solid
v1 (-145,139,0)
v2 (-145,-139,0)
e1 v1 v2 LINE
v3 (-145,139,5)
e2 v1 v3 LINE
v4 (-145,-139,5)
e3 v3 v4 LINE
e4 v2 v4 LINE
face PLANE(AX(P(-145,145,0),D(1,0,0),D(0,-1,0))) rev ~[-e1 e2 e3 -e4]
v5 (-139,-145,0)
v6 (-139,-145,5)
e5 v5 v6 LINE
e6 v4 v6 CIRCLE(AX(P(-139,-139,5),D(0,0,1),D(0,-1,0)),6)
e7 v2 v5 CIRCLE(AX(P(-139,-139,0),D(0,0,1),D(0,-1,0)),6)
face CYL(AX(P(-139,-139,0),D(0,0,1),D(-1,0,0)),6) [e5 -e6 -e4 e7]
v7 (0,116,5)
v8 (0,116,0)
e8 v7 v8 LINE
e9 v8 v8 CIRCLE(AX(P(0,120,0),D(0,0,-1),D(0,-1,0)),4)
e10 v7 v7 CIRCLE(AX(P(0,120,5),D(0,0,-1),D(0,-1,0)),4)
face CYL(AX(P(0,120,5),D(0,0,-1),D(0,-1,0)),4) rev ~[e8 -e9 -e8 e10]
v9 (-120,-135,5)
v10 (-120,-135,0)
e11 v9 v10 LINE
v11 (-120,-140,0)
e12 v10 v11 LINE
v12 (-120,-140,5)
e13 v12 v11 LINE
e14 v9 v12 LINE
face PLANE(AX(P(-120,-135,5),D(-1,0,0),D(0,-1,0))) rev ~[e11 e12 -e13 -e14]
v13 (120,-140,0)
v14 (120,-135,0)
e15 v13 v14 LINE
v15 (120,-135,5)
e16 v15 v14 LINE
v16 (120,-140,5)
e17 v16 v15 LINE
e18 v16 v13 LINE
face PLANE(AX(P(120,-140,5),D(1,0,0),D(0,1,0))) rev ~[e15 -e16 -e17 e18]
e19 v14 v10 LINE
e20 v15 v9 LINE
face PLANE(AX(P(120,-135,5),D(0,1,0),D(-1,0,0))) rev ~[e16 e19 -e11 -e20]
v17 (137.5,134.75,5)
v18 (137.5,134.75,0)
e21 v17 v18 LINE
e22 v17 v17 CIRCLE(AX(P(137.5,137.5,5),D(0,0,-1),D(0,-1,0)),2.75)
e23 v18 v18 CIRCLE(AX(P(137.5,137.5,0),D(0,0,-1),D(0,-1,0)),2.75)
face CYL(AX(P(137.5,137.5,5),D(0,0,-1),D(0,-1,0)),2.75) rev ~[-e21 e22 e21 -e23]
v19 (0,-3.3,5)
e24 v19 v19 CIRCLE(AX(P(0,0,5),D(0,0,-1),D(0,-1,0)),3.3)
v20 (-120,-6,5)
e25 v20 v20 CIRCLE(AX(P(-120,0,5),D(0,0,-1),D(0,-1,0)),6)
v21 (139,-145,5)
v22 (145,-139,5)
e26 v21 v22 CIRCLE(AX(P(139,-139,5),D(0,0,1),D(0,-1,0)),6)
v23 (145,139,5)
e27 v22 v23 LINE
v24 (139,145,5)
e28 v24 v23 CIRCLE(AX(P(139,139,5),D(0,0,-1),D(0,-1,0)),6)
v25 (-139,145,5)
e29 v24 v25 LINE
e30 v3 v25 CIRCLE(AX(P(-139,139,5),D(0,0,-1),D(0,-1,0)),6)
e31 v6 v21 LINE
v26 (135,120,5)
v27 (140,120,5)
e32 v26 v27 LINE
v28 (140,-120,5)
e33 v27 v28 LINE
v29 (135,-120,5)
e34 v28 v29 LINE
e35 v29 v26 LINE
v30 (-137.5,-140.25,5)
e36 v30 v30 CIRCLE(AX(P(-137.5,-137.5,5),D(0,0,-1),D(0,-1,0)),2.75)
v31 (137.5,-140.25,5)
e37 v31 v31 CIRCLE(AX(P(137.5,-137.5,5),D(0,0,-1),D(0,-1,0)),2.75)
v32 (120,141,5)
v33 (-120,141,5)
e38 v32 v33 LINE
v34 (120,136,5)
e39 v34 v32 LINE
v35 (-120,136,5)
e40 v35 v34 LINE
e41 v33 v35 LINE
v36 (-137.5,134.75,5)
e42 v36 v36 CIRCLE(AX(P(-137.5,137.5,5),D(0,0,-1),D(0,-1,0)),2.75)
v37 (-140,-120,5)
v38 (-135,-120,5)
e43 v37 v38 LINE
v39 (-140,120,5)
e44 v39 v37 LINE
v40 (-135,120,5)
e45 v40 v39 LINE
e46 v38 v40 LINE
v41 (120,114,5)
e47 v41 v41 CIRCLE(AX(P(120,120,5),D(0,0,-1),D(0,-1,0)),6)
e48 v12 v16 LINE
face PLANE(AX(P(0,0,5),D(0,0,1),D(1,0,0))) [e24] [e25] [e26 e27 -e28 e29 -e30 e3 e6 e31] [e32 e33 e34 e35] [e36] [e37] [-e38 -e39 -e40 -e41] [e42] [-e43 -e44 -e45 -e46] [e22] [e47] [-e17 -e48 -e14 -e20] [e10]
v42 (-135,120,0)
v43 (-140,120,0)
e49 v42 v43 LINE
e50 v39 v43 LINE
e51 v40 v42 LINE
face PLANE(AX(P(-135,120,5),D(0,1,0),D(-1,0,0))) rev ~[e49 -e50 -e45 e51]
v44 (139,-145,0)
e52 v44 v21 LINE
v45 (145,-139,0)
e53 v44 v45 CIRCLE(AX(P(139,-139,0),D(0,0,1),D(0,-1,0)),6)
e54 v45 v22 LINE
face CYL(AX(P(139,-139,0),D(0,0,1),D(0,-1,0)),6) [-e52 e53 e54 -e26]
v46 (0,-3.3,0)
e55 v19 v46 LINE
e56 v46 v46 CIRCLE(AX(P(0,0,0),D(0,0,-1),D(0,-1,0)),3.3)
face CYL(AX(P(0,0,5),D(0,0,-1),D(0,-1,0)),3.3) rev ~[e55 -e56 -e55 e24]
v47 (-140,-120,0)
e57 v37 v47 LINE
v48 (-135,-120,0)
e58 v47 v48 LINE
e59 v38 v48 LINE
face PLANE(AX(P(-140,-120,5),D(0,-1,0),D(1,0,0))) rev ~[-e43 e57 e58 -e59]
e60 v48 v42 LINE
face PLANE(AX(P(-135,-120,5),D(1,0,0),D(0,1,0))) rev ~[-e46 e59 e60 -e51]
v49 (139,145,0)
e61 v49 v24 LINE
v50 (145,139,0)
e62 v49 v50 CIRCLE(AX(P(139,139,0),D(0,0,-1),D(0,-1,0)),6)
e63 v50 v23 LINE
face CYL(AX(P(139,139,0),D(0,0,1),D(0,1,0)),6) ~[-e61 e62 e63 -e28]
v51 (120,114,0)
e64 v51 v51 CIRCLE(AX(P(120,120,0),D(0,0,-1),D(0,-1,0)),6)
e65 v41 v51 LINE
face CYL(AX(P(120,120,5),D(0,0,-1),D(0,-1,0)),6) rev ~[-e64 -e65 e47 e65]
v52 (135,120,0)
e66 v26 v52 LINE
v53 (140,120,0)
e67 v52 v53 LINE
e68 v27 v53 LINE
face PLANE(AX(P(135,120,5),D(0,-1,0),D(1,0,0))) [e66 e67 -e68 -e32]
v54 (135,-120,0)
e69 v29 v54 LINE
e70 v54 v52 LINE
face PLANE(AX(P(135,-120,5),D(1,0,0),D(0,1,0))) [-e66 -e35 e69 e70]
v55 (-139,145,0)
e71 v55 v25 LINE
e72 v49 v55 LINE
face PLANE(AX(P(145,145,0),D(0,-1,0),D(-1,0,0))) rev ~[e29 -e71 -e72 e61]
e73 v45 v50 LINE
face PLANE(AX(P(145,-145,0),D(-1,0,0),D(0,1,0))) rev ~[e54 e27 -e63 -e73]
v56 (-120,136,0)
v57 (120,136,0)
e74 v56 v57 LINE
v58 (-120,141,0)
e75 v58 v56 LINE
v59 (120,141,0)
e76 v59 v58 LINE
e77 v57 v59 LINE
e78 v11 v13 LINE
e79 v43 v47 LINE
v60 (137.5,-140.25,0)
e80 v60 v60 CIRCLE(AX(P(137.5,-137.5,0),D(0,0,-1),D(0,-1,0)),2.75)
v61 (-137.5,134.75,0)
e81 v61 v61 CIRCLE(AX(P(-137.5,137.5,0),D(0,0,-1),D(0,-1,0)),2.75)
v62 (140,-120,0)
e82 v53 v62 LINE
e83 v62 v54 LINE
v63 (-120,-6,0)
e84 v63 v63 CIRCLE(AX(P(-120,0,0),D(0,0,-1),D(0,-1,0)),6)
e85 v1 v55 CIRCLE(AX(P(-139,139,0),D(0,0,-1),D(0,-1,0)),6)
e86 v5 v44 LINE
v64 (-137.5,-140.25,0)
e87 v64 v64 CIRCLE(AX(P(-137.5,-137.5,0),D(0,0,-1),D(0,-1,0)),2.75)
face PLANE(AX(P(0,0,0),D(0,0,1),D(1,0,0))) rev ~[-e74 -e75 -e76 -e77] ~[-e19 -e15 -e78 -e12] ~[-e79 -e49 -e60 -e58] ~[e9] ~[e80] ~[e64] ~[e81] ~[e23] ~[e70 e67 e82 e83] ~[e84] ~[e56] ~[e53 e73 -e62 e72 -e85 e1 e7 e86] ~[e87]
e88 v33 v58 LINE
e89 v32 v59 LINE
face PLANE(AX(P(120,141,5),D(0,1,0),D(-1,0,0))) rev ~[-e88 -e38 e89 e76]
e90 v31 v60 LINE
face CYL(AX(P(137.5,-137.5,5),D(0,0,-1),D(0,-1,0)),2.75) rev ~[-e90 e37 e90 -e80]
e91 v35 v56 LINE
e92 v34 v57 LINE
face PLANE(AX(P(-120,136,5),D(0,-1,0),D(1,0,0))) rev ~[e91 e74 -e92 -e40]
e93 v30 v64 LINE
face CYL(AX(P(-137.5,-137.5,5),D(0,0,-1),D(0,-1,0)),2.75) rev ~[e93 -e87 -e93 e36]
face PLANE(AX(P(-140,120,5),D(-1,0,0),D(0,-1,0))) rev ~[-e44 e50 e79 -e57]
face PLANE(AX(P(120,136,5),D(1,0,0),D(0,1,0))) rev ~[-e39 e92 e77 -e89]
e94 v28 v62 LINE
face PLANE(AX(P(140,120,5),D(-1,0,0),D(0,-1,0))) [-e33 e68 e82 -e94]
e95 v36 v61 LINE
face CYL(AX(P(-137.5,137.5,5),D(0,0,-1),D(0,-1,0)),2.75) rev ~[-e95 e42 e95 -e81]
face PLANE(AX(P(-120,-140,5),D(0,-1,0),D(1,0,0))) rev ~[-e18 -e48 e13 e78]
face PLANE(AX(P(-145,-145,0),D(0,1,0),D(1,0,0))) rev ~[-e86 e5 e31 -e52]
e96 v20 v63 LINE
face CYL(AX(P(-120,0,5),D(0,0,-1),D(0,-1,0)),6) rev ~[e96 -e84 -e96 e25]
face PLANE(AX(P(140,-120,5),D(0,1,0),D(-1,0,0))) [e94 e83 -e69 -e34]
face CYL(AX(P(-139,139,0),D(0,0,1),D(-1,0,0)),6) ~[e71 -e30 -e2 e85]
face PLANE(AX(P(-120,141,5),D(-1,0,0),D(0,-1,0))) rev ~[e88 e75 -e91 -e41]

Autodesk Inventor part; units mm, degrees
ref_plane "YZ Plane" through (0, 0, 0) normal (1, 0, 0) x (0, 1, 0)
ref_plane "XZ Plane" through (0, 0, 0) normal (0, 1, 0) x (-1, 0, 0)
ref_plane "XY Plane" through (0, 0, 0) normal (0, 0, 1) x (1, 0, 0)
sketch "Sketch1" plane through (0, 0, 0) normal (0, 0, 1) x (1, 0, 0)
  line L0 (-145, -145) -> (145, -145)
  line L1 (145, -145) -> (145, 145)
  line L2 (145, 145) -> (-145, 145)
  line L3 (-145, 145) -> (-145, -145)
  line L4 (-145, -145) -> (145, 145) construction
  line L5 (145, -145) -> (-145, 145) construction
  point P0 (0, 0)
  dimension "d0" = 290
  dimension "d1" = 290
extrude "Extrusion1" add sketch "Sketch1" along normal blind 5
sketch "Sketch2" plane through (0, 0, 5) normal (0, 0, 1) x (1, 0, 0)
  point P0 (0, 0)
  point P1 (0, 0)
hole "Hole1" at (0, 0, 5) direction (0, 0, -1) diameter 6.6 depth 8 tip angle 118 clearance for "Countersunk Flat Head Screw DIN EN ISO 2009" size "M6" standard "DIN"
sketch "Sketch3" plane through (0, 0, 5) normal (0, 0, 1) x (1, 0, 0)
  line L0 (-137.5, -137.5) -> (137.5, -137.5) construction
  line L1 (137.5, -137.5) -> (137.5, 137.5) construction
  line L2 (137.5, 137.5) -> (-137.5, 137.5) construction
  line L3 (-137.5, 137.5) -> (-137.5, -137.5) construction
  line L4 (-137.5, -137.5) -> (137.5, 137.5) construction
  line L5 (137.5, -137.5) -> (-137.5, 137.5) construction
  point P0 (0, 0)
  dimension "d11" = 275
  dimension "d12" = 275
hole "Hole2" at (-137.5, 137.5, 5) at (137.5, 137.5, 5) at (137.5, -137.5, 5) at (-137.5, -137.5, 5) direction (0, 0, -1) diameter 5.5 depth 8 tip angle 118 clearance for "Countersunk Flat Head Screw DIN EN ISO 2009" size "M5" standard "DIN"
fillet "Fillet1" radius 6 4 edges at (-145, -145, 2.5) (145, -145, 2.5) (145, 145, 2.5) (-145, 145, 2.5)
sketch "Sketch4" plane through (0, 0, 5) normal (0, 0, 1) x (1, 0, 0)
  line L0 (-120, -140) -> (120, -140)
  line L1 (120, -140) -> (120, -135)
  line L2 (120, -135) -> (-120, -135)
  line L3 (-120, -135) -> (-120, -140)
  line L4 (140, -120) -> (135, -120)
  line L5 (135, -120) -> (135, 120)
  line L6 (135, 120) -> (140, 120)
  line L7 (140, 120) -> (140, -120)
  line L8 (120, 141) -> (-120, 141)
  line L9 (-120, 141) -> (-120, 136)
  line L10 (-120, 136) -> (120, 136)
  line L11 (120, 136) -> (120, 141)
  line L12 (-135, 120) -> (-140, 120)
  line L13 (-140, 120) -> (-140, -120)
  line L14 (-140, -120) -> (-135, -120)
  line L15 (-135, -120) -> (-135, 120)
  line L16 (-139, -145) -> (139, -145) projected
  line L17 (145, -139) -> (145, 139) projected
  line L18 (139, 145) -> (-139, 145) projected
  line L19 (-145, 139) -> (-145, -139) projected
  point P0 (0, 0)
  point P1 (0, 136)
  point P2 (-135, 0)
  dimension "d21" = 5
  dimension "d22" = 5
  dimension "d23" = 240
  dimension "d24" = 240
  dimension "d25" = 5
  dimension "d26" = 5
  dimension "d27" = 5
  dimension "d28" = 5
  dimension "d29" = 4
  dimension "d30" = 5
extrude "Extrusion2" cut sketch "Sketch4" against normal through all
sketch "Sketch5" plane through (0, 0, 5) normal (0, 0, 1) x (1, 0, 0)
  point P0 (0, 0)
  point P1 (-120, 0)
  point P2 (120, 120)
  dimension "d34" = 120
  dimension "d51" = 120
  dimension "d52" = 120
hole "Hole3" at (-120, 0, 5) at (120, 120, 5) direction (0, 0, -1) diameter 12 depth 8 tip angle 118
sketch "Sketch6" plane through (0, 0, 5) normal (0, 0, 1) x (1, 0, 0)
  point P0 (0, 0)
  point P1 (0, 120)
  dimension "d50" = 120
hole "Hole4" at (0, 120, 5) direction (0, 0, -1) diameter 8 depth 8 tip angle 118
properties part number "Main" material "Polycarbonate, Clear"
